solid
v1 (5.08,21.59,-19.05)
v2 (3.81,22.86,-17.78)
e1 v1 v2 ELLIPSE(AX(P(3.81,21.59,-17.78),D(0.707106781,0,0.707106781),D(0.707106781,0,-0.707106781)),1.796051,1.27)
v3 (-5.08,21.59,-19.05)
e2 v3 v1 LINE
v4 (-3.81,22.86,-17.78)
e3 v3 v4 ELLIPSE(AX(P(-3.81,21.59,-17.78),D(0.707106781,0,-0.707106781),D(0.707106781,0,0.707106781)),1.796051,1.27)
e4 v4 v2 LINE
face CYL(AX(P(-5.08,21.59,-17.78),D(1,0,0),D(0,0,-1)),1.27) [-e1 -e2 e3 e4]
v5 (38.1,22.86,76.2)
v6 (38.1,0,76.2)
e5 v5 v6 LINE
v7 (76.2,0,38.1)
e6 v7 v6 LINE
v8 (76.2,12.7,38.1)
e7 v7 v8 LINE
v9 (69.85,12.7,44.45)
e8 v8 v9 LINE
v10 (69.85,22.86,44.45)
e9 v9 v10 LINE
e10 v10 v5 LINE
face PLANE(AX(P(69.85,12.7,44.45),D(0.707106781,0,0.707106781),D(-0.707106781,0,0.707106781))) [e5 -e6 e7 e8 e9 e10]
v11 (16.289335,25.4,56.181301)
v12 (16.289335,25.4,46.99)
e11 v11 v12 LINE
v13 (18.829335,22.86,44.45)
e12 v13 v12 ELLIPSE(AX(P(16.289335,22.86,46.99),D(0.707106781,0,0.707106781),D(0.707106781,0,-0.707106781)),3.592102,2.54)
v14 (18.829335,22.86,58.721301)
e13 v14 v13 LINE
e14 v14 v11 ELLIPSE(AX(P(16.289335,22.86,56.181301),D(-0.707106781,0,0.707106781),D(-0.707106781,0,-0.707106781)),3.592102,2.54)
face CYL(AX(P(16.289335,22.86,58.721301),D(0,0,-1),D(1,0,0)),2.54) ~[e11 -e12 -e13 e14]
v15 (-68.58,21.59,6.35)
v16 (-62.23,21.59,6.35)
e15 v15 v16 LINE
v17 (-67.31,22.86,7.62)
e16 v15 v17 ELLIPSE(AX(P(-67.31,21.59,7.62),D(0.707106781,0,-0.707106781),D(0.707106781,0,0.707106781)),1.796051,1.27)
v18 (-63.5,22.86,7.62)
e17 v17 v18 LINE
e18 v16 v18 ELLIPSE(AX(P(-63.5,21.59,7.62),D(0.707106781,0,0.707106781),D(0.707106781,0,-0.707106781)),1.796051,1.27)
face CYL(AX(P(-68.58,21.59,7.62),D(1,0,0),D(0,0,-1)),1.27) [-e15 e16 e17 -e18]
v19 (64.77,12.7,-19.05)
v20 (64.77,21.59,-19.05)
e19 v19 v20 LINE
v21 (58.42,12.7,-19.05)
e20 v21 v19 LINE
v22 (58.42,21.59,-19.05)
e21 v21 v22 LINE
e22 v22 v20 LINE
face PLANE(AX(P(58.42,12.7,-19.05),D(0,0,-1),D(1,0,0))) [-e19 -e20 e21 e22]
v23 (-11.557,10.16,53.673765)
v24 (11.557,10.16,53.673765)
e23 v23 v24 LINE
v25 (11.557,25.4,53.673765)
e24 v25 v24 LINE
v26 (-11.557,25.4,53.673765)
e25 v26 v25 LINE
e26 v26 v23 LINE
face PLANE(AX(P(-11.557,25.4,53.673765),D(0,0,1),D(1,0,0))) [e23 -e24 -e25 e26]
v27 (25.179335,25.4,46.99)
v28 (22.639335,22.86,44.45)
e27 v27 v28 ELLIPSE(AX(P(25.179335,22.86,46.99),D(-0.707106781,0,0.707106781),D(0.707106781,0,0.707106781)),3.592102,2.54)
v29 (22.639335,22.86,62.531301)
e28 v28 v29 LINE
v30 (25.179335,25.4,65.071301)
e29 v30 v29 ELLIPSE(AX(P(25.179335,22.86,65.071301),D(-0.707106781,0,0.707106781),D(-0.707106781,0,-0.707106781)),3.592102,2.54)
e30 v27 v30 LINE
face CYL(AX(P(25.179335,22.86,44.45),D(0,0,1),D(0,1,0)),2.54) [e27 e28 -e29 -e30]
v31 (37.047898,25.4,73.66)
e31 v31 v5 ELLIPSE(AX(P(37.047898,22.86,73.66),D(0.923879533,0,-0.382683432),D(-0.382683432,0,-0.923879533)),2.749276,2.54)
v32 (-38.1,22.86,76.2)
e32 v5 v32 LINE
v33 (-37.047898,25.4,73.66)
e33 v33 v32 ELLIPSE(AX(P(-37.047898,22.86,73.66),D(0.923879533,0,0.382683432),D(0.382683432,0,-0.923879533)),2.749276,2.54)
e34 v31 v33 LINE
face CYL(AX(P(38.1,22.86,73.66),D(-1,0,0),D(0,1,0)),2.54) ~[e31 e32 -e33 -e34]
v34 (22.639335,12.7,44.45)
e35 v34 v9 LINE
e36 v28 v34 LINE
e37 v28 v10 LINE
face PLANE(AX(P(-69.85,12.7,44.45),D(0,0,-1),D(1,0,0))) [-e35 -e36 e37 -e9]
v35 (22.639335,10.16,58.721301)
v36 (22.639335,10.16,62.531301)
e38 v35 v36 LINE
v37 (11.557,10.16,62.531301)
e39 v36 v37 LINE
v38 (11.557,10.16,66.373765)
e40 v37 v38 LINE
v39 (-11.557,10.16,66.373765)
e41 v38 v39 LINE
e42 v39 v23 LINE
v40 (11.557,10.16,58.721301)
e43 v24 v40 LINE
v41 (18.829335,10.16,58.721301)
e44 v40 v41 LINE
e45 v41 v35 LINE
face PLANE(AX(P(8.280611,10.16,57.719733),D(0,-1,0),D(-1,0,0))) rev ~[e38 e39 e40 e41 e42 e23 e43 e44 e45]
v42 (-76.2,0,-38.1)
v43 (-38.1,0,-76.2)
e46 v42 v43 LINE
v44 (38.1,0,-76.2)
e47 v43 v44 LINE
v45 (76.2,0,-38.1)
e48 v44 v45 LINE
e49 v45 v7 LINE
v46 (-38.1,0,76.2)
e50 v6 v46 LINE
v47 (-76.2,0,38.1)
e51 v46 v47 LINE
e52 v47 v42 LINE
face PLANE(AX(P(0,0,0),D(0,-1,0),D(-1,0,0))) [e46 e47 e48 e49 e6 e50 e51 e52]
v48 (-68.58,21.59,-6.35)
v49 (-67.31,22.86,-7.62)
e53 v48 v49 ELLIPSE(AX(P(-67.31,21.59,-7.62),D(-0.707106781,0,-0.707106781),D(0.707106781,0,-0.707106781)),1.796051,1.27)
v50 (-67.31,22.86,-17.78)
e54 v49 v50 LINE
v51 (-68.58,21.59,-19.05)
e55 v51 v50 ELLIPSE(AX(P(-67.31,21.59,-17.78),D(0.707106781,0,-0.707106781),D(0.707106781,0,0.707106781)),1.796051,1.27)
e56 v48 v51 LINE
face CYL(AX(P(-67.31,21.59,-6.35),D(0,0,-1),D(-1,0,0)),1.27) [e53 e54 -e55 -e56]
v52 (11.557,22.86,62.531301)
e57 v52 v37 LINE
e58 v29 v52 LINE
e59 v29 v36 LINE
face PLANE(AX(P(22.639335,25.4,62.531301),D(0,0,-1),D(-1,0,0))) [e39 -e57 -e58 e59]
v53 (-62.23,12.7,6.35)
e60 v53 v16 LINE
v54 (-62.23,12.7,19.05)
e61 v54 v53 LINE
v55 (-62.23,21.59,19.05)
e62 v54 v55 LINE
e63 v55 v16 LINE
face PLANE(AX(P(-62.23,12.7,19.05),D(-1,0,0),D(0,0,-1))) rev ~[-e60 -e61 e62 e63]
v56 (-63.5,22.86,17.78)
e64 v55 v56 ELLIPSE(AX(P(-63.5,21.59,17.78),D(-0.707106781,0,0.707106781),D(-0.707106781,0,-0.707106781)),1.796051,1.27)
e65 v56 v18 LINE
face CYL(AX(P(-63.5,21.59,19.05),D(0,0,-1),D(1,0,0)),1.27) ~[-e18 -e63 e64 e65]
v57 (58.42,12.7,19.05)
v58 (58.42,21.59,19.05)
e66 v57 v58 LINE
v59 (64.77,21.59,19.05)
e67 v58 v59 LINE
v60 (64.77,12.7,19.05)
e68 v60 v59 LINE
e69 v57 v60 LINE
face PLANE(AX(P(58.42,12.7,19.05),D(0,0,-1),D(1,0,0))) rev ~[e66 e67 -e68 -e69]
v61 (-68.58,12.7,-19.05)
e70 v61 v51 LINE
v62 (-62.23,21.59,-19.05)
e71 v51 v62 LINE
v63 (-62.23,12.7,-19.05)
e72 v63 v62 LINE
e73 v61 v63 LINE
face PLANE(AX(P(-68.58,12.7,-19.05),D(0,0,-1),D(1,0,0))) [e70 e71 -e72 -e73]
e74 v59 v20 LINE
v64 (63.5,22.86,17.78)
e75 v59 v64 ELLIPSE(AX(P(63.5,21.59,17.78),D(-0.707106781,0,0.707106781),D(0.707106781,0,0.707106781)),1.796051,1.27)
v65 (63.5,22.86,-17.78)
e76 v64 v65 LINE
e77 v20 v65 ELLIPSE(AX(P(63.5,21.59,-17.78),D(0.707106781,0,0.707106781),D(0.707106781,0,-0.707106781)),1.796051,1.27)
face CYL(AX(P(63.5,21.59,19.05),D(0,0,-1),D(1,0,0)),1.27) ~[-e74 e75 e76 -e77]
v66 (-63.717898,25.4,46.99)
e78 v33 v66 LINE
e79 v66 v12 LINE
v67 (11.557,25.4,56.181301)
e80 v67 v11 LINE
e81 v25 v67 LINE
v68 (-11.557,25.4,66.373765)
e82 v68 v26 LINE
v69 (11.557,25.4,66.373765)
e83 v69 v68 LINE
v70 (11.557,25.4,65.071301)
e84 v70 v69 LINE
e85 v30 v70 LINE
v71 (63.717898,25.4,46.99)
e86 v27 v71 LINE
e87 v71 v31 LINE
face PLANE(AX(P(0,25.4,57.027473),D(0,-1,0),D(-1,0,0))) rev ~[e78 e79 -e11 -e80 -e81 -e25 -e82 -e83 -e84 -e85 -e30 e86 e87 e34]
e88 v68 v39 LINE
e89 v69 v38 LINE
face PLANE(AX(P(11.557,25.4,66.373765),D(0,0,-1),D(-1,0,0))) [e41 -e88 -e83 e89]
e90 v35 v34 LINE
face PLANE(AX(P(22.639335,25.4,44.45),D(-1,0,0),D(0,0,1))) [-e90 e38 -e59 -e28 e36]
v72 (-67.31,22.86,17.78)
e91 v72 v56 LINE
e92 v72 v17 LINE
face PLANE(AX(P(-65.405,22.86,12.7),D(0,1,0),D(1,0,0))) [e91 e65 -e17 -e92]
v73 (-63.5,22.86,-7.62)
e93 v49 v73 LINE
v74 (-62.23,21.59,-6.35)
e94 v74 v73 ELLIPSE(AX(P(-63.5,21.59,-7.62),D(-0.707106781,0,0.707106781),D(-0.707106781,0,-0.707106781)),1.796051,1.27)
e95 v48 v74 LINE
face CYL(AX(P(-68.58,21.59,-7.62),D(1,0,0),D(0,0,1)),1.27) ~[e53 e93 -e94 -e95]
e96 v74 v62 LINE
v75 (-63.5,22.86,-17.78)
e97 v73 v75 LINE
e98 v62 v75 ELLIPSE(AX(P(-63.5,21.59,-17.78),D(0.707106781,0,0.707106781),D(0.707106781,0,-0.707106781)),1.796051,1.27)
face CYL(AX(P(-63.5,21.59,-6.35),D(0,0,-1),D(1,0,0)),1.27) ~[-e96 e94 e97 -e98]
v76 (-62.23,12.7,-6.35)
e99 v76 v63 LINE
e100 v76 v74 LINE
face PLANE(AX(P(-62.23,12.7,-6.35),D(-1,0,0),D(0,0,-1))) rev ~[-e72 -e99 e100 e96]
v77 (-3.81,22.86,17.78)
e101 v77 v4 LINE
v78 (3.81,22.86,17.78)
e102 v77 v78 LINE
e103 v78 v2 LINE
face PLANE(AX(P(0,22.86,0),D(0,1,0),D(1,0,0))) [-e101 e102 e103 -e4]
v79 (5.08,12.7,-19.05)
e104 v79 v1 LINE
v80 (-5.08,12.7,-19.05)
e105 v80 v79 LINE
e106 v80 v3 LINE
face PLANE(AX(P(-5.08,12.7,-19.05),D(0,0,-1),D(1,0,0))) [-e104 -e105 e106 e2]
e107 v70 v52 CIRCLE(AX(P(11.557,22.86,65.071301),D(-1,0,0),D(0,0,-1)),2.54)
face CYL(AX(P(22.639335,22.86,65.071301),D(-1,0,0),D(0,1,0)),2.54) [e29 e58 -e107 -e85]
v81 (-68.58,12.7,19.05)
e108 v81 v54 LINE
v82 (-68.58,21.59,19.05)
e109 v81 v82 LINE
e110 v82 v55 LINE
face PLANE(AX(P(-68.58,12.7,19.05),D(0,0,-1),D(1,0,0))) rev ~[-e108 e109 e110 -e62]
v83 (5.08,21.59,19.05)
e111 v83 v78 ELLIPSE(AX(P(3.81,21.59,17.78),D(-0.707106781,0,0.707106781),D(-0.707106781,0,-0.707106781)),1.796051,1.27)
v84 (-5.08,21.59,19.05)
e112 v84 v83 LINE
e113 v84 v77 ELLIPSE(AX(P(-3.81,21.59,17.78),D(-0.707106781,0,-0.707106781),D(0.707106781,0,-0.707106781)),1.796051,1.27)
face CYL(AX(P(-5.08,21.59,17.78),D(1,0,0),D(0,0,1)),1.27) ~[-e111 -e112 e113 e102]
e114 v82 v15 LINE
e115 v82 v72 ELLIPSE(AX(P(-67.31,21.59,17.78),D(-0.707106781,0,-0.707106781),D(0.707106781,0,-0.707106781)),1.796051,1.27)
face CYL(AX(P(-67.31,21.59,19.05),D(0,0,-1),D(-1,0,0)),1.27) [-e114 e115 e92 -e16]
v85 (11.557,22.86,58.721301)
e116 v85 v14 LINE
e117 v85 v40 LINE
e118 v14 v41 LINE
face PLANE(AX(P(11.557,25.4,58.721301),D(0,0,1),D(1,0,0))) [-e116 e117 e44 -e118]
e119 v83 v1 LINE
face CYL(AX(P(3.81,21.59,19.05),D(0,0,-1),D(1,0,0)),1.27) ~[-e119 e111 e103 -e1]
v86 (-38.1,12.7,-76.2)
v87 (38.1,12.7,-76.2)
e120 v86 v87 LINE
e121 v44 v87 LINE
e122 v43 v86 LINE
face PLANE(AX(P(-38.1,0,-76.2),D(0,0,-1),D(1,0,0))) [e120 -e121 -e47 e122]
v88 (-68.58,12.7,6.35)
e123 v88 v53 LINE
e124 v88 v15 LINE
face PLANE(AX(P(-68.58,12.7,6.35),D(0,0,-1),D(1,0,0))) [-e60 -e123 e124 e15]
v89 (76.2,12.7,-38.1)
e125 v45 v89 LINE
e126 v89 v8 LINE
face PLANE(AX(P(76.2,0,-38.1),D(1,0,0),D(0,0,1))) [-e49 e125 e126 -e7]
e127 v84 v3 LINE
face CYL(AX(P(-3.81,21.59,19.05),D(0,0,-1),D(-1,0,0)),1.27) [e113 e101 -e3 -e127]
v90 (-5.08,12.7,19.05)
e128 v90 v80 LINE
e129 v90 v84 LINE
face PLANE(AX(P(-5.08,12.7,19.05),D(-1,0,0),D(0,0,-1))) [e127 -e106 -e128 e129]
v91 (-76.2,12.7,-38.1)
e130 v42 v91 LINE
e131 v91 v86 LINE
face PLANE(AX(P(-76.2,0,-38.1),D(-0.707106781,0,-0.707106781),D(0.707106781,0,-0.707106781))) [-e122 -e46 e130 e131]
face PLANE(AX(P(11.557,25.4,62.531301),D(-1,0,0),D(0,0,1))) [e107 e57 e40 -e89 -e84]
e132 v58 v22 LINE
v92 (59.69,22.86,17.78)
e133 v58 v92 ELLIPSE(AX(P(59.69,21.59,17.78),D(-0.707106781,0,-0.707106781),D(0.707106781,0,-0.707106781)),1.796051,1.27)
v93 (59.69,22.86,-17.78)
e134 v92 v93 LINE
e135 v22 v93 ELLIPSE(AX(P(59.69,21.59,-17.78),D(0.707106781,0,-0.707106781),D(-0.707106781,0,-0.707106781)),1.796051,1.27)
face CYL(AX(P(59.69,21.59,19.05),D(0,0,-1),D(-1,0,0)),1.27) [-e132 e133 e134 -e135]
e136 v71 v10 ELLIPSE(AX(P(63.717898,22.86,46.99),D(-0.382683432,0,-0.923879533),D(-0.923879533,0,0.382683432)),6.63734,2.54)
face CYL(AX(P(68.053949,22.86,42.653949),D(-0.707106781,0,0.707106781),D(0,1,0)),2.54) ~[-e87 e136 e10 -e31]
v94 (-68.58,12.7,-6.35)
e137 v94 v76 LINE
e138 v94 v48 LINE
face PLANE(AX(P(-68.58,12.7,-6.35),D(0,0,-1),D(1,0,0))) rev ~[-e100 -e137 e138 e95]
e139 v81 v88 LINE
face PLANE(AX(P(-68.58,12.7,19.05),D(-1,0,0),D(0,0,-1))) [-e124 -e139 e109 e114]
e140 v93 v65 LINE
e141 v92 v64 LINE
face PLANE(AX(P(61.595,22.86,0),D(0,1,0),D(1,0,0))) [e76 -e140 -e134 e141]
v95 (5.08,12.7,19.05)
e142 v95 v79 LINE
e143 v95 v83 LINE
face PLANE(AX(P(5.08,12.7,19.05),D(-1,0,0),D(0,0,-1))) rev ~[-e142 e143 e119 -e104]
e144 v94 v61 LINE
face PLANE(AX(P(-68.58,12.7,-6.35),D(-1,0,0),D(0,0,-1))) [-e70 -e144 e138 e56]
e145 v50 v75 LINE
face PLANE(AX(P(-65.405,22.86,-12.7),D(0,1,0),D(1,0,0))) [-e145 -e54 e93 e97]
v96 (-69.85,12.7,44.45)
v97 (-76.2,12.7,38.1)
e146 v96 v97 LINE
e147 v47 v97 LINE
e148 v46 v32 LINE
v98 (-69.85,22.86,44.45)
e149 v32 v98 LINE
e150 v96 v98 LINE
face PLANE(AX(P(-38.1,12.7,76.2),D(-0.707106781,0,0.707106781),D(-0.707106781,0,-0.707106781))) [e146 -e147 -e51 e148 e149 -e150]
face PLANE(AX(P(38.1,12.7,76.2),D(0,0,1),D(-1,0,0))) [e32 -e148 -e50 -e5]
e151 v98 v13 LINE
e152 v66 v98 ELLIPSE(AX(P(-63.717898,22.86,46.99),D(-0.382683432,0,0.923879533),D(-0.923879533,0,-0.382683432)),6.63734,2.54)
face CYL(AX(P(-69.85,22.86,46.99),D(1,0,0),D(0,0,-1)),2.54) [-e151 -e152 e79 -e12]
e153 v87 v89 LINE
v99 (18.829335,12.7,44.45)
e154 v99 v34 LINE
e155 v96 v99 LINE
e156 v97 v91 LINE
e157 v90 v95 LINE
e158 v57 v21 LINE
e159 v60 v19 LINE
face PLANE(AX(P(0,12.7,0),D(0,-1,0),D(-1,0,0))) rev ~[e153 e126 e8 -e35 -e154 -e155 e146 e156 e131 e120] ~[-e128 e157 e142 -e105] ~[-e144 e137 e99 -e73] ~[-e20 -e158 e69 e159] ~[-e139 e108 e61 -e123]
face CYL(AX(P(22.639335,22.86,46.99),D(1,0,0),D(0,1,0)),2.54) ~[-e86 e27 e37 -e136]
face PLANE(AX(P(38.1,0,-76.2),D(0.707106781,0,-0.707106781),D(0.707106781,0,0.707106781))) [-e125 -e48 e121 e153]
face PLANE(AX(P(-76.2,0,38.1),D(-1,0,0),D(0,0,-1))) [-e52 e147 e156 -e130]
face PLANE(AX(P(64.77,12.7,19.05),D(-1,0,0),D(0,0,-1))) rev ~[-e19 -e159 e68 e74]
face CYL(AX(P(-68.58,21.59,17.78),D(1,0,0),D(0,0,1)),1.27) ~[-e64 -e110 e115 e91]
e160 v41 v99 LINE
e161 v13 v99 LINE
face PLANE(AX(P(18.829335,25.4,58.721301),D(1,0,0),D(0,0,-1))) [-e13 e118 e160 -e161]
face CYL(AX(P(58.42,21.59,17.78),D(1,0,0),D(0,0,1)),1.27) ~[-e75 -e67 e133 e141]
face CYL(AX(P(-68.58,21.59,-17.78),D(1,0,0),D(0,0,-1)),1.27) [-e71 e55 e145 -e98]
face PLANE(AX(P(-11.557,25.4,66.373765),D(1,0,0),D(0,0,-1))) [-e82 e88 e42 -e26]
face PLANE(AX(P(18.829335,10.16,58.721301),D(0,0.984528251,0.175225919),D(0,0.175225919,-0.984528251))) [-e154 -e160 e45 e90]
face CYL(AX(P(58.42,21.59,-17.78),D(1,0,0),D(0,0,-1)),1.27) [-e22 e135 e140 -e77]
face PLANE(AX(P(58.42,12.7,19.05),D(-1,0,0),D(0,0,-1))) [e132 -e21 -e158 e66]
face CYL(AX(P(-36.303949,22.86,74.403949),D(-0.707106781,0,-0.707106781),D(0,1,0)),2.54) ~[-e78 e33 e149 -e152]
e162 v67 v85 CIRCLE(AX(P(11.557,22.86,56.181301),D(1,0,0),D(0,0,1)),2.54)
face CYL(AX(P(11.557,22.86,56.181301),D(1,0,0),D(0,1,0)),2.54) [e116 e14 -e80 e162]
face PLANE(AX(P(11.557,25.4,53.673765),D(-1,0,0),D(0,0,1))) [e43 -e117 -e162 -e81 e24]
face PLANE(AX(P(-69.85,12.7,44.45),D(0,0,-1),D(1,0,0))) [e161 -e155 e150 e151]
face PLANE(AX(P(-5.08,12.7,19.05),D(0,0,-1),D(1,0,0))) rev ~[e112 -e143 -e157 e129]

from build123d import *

# Parameters (mm, degrees)
BOSS_EXTRUDE1_DEPTH = 12.7
SKETCH2_W           = 10.16
SKETCH2_H           = 38.1
SKETCH2_W_2         = 6.35
SKETCH2_H_2         = 12.7
BOSS_EXTRUDE2_DEPTH = 10.16
BOSS_EXTRUDE3_DEPTH = 12.7
CUT_EXTRUDE1_DEPTH  = 15.24
FILLET2_R           = 2.54
FILLET4_R           = 1.27
BOSS_EXTRUDE4_DEPTH = 3.81


with BuildPart() as part:
    # Sketch1 → Boss-Extrude1 (new body)
    with BuildSketch(Plane(origin=(0, 0, 0), x_dir=(1, 0, 0), z_dir=(0, 1, 0))):
        Polygon((-38.1, 76.2), (38.1, 76.2), (76.2, 38.1), (76.2, -38.1), (38.1, -76.2), (-38.1, -76.2), (-76.2, -38.1), (-76.2, 38.1), align=None)
    extrude(amount=BOSS_EXTRUDE1_DEPTH)

    # Sketch2 → Boss-Extrude2 (add)
    with BuildSketch(Plane(origin=(0, 12.7, 0), x_dir=(1, 0, 0), z_dir=(0, 1, 0))):
        Rectangle(SKETCH2_W, SKETCH2_H)
        with Locations((61.595, 0)):
            Rectangle(SKETCH2_W_2, SKETCH2_H)
        with Locations((-65.405, 12.7)):
            Rectangle(SKETCH2_W_2, SKETCH2_H_2)
        with Locations((-65.405, -12.7)):
            Rectangle(SKETCH2_W_2, SKETCH2_H_2)
    extrude(amount=BOSS_EXTRUDE2_DEPTH)

    # Sketch4 → Boss-Extrude3 (add)
    with BuildSketch(Plane(origin=(0, 12.7, 0), x_dir=(1, 0, 0), z_dir=(0, 1, 0))):
        Polygon((-69.85, -44.45), (69.85, -44.45), (38.1, -76.2), (-38.1, -76.2), align=None)
    extrude(amount=BOSS_EXTRUDE3_DEPTH)

    # Sketch5 → Cut-Extrude1 (cut)
    with BuildSketch(Plane(origin=(0, 25.4, 0), x_dir=(1, 0, 0), z_dir=(0, 1, 0))):
        Polygon((11.557, -58.721300535), (18.829335275, -58.721300535), (18.829335275, -44.45), (22.639335275, -44.45), (22.639335275, -62.531300535), (11.557, -62.531300535), (11.557, -66.37376468), (-11.557, -66.37376468), (-11.557, -53.67376468), (11.557, -53.67376468), align=None)
    extrude(amount=-CUT_EXTRUDE1_DEPTH, mode=Mode.SUBTRACT)

    # Fillet2
    fillet2_edges = [part.edges().sort_by_distance(p)[0] for p in [
        (-53.975, 25.4, 60.325),
        (0, 25.4, 76.2),
        (53.975, 25.4, 60.325),
        (46.244667637, 25.4, 44.45),
        (-25.510332363, 25.4, 44.45),
        (17.098167637, 25.4, 62.531300535),
        (22.639335275, 25.4, 53.490650267),
        (18.829335275, 25.4, 51.585650267),
        (15.193167637, 25.4, 58.721300535),
    ]]
    fillet(fillet2_edges, radius=FILLET2_R)

    # Fillet4
    fillet4_edges = [part.edges().sort_by_distance(p)[0] for p in [
        (5.08, 22.86, 0),
        (0, 22.86, -19.05),
        (-5.08, 22.86, 0),
        (0, 22.86, 19.05),
        (58.42, 22.86, 0),
        (61.595, 22.86, 19.05),
        (64.77, 22.86, 0),
        (61.595, 22.86, -19.05),
        (-62.23, 22.86, -12.7),
        (-65.405, 22.86, -19.05),
        (-68.58, 22.86, -12.7),
        (-65.405, 22.86, -6.35),
        (-62.23, 22.86, 12.7),
        (-65.405, 22.86, 6.35),
        (-68.58, 22.86, 12.7),
        (-65.405, 22.86, 19.05),
    ]]
    fillet(fillet4_edges, radius=FILLET4_R)

    # Sketch8 → Boss-Extrude4 (add)
    with BuildSketch(Plane(origin=(18.829335275, 0, 0), x_dir=(0, 0, -1), z_dir=(1, 0, 0))):
        Polygon((-58.721300535, 10.16), (-44.45, 12.7), (-44.45, 10.16), align=None)
    extrude(amount=BOSS_EXTRUDE4_DEPTH)


solid = part.part
